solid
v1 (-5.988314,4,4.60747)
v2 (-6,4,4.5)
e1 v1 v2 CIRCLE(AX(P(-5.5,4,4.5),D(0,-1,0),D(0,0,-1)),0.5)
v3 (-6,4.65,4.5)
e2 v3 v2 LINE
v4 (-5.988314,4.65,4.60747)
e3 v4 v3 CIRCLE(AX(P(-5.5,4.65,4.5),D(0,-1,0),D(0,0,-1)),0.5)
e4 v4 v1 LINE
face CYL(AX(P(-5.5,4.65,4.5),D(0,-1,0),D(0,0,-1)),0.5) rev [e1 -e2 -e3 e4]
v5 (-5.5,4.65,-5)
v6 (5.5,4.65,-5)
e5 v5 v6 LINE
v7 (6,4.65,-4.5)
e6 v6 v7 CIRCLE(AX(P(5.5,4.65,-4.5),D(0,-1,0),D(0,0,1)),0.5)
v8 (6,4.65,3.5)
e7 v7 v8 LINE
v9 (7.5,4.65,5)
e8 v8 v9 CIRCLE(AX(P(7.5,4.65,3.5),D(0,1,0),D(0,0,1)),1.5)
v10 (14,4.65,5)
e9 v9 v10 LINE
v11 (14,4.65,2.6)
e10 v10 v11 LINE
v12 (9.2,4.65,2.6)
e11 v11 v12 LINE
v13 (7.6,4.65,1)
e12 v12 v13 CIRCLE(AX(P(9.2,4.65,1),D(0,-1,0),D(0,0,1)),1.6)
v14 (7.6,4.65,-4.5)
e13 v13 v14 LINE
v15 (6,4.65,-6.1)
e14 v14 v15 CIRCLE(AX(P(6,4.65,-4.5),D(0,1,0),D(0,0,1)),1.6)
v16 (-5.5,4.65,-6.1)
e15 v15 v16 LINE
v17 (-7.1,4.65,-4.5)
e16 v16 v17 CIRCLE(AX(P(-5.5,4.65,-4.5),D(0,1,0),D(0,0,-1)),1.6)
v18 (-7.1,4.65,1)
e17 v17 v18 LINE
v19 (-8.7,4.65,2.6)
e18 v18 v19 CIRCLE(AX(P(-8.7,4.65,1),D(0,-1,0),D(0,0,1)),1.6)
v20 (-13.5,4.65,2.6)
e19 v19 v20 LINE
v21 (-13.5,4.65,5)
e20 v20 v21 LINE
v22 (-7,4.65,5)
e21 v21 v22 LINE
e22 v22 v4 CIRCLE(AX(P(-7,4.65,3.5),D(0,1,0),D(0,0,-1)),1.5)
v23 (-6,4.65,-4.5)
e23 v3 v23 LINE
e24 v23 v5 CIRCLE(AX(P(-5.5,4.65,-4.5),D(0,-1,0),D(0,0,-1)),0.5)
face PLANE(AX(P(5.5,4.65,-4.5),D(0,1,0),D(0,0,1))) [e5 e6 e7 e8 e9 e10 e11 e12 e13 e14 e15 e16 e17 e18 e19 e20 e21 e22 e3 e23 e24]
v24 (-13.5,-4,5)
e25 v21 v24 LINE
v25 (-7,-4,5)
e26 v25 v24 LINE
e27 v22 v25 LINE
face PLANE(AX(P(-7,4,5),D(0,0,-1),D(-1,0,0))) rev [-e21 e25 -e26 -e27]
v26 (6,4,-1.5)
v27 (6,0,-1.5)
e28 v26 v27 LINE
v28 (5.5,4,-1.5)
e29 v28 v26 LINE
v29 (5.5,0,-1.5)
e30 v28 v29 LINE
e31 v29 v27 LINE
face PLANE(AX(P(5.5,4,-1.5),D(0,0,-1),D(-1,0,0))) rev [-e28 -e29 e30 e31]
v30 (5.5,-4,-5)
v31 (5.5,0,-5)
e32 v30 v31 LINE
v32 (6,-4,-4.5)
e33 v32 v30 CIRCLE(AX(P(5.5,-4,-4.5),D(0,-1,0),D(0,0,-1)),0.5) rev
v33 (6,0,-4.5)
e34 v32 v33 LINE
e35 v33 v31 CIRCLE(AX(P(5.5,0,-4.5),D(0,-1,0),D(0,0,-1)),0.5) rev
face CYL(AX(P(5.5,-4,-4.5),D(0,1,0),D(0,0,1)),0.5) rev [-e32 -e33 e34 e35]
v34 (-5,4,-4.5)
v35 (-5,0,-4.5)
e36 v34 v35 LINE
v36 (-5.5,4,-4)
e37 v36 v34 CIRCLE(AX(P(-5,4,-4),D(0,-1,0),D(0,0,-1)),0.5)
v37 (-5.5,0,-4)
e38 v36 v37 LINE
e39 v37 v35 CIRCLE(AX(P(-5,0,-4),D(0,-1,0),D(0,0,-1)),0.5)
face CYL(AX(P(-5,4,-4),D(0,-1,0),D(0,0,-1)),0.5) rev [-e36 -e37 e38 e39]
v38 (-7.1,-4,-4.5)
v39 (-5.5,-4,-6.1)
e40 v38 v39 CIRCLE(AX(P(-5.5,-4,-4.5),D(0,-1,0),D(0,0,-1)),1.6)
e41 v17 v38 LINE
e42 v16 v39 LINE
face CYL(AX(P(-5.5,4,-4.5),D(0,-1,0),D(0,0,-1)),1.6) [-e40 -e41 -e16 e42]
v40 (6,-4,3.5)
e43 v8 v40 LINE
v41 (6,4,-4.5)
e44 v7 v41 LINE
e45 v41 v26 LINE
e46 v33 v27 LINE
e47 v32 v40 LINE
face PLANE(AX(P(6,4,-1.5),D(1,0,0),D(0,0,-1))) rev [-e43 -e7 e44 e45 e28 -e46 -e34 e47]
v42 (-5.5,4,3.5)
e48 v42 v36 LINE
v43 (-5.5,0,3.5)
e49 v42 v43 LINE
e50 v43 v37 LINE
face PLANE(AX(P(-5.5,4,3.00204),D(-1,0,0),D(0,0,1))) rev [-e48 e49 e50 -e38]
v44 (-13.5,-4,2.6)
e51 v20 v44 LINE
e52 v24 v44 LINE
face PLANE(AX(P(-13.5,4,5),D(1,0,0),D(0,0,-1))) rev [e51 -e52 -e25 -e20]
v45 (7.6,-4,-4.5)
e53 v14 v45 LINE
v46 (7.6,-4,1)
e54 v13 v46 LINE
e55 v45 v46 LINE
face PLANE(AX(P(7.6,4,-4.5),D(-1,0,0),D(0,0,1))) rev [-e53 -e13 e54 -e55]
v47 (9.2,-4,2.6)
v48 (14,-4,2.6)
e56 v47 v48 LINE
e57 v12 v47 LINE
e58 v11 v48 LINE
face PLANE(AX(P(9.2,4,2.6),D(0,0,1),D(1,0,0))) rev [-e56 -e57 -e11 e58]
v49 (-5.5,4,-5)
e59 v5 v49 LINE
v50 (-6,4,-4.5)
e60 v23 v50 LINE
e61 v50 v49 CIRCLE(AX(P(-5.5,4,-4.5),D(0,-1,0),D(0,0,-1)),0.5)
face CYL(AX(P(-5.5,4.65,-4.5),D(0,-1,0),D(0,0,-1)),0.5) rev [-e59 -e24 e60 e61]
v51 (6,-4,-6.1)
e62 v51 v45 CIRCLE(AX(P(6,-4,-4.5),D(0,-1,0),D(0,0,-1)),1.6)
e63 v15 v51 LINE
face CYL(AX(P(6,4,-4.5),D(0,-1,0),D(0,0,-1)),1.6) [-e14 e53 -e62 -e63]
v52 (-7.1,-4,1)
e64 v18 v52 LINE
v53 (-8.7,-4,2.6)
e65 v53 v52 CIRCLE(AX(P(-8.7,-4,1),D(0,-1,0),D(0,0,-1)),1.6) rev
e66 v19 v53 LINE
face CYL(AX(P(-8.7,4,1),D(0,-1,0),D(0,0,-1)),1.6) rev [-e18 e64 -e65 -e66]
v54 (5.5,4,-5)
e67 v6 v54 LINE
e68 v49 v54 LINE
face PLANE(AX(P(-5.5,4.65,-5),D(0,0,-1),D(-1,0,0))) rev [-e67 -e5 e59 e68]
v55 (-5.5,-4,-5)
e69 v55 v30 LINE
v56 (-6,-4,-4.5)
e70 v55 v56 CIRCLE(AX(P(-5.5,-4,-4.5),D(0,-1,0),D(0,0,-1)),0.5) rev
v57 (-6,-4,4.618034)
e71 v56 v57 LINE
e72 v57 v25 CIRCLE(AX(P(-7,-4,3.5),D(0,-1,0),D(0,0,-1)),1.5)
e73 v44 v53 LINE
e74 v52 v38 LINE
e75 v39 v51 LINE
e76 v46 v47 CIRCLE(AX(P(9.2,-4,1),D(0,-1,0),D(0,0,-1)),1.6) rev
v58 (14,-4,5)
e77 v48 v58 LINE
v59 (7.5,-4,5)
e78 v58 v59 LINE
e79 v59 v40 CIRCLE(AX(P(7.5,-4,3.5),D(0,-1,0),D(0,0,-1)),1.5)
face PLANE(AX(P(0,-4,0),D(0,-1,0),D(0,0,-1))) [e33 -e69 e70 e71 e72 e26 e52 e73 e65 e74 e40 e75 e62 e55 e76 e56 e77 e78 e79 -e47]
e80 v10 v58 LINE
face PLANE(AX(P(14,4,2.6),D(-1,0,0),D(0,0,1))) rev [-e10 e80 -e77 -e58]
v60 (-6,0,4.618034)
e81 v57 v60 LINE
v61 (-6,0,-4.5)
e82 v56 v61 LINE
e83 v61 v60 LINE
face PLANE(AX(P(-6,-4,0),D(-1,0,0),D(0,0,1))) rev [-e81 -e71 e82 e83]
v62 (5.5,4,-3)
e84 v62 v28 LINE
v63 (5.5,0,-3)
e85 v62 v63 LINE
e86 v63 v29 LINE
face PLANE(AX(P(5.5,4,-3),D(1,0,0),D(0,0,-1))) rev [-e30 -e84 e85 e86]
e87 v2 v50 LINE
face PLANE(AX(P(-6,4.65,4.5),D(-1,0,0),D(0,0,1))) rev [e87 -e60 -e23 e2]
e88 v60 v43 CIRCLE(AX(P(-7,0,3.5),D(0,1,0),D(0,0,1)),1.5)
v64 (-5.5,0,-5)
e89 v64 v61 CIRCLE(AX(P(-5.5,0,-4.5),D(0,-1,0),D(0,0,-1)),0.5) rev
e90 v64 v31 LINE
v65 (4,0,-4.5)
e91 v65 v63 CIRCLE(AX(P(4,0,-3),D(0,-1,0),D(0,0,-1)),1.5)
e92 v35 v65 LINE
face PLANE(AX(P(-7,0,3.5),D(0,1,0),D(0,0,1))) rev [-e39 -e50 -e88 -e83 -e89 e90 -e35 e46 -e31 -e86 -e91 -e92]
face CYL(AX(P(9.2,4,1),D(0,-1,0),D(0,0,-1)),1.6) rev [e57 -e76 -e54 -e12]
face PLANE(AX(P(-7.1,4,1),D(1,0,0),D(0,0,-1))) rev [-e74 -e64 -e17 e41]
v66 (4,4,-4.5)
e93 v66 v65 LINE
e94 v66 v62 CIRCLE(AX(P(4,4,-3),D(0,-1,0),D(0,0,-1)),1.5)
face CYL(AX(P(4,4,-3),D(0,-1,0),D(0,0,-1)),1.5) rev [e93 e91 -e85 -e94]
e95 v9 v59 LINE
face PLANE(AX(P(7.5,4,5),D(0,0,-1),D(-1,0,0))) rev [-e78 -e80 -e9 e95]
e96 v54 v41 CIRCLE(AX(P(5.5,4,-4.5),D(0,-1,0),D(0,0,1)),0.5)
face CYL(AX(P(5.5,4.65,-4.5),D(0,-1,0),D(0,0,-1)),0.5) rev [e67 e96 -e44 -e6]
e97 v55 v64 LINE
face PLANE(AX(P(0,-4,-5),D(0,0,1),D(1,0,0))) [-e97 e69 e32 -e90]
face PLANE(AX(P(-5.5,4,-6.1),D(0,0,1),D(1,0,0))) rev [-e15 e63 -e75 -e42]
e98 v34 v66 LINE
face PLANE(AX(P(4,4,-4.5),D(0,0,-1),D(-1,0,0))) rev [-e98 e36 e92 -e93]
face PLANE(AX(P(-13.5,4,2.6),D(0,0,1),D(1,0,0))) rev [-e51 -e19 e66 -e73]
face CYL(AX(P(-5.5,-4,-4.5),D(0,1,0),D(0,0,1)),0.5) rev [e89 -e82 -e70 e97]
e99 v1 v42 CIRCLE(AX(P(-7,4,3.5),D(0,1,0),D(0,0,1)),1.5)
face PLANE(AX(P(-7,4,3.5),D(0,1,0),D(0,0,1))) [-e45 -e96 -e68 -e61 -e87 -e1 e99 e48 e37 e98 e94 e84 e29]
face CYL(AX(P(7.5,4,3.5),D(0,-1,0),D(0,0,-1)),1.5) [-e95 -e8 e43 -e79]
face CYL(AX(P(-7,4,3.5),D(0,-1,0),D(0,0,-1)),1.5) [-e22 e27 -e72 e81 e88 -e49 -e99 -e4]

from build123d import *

# Parameters (mm, degrees)
BOSS_EXTRUDE1_DEPTH = 4
BOSS_EXTRUDE2_DEPTH = 0.65
BOSS_EXTRUDE3_START = 4
BOSS_EXTRUDE3_DEPTH = 4


with BuildPart() as part:
    # Sketch1 → Boss-Extrude1 (new body)
    with BuildSketch(Plane(origin=(0, 0, 0), x_dir=(1, 0, 0), z_dir=(0, 1, 0))):
        with BuildLine():
            Line((-5.5, -3.002039615), (-5.5, 4))
            ThreePointArc((-5.5, 4), (-5.353553391, 4.353553391), (-5, 4.5))
            Line((-5, 4.5), (4, 4.5))
            ThreePointArc((4, 4.5), (5.060660172, 4.060660172), (5.5, 3))
            Line((5.5, 3), (5.5, 1.5))
            Line((5.5, 1.5), (6, 1.5))
            Line((6, 1.5), (6, -3.5))
            ThreePointArc((6, -3.5), (6.439339828, -4.560660172), (7.5, -5))
            Line((7.5, -5), (14, -5))
            Line((14, -5), (14, -2.6))
            Line((14, -2.6), (9.2, -2.6))
            ThreePointArc((9.2, -2.6), (8.06862915, -2.13137085), (7.6, -1))
            Line((7.6, -1), (7.6, 4.5))
            ThreePointArc((7.6, 4.5), (7.13137085, 5.63137085), (6, 6.1))
            Line((6, 6.1), (-5.5, 6.1))
            ThreePointArc((-5.5, 6.1), (-6.63137085, 5.63137085), (-7.1, 4.5))
            Line((-7.1, 4.5), (-7.1, -1))
            ThreePointArc((-7.1, -1), (-7.56862915, -2.13137085), (-8.7, -2.6))
            Line((-8.7, -2.6), (-13.5, -2.6))
            Line((-13.5, -2.6), (-13.5, -5))
            Line((-13.5, -5), (-7, -5))
            ThreePointArc((-7, -5), (-5.939339828, -4.560660172), (-5.5, -3.5))
            Line((-5.5, -3.5), (-5.5, -3.002039615))
        make_face()
    extrude(amount=BOSS_EXTRUDE1_DEPTH)

    # Sketch2 → Boss-Extrude2 (add)
    with BuildSketch(Plane(origin=(0, 4, 0), x_dir=(1, 0, 0), z_dir=(0, 1, 0))):
        with BuildLine():
            Line((-13.5, -5), (-7, -5))
            ThreePointArc((-7, -5), (-6.457416135, -4.898428671), (-5.988313555, -4.607470332))
            ThreePointArc((-5.988313555, -4.607470332), (-5.997069803, -4.554051932), (-6, -4.5))
            Line((-6, -4.5), (-6, 4.5))
            ThreePointArc((-6, 4.5), (-5.853553391, 4.853553391), (-5.5, 5))
            Line((-5.5, 5), (5.5, 5))
            ThreePointArc((5.5, 5), (5.853553391, 4.853553391), (6, 4.5))
            Line((6, 4.5), (6, -3.5))
            ThreePointArc((6, -3.5), (6.439339828, -4.560660172), (7.5, -5))
            Line((7.5, -5), (14, -5))
            Line((14, -5), (14, -2.6))
            Line((14, -2.6), (9.2, -2.6))
            ThreePointArc((9.2, -2.6), (8.06862915, -2.13137085), (7.6, -1))
            Line((7.6, -1), (7.6, 4.5))
            ThreePointArc((7.6, 4.5), (7.13137085, 5.63137085), (6, 6.1))
            Line((6, 6.1), (-5.5, 6.1))
            ThreePointArc((-5.5, 6.1), (-6.63137085, 5.63137085), (-7.1, 4.5))
            Line((-7.1, 4.5), (-7.1, -1))
            ThreePointArc((-7.1, -1), (-7.56862915, -2.13137085), (-8.7, -2.6))
            Line((-8.7, -2.6), (-13.5, -2.6))
            Line((-13.5, -2.6), (-13.5, -5))
        make_face()
    extrude(amount=BOSS_EXTRUDE2_DEPTH)

    # Sketch3 → Boss-Extrude3 (add)
    with BuildSketch(Plane.XZ.offset(BOSS_EXTRUDE3_START)):
        with BuildLine():
            Line((7.6, -4.5), (7.6, 1))
            ThreePointArc((7.6, 1), (8.06862915, 2.13137085), (9.2, 2.6))
            Line((9.2, 2.6), (14, 2.6))
            Line((14, 2.6), (14, 5))
            Line((14, 5), (7.5, 5))
            ThreePointArc((7.5, 5), (6.439339828, 4.560660172), (6, 3.5))
            Line((6, 3.5), (6, 2.6))
            Line((6, 2.6), (6, -1.5))
            Line((6, -1.5), (6, -4.5))
            ThreePointArc((6, -4.5), (5.853553391, -4.853553391), (5.5, -5))
            Line((5.5, -5), (-5.5, -5))
            ThreePointArc((-5.5, -5), (-5.853553391, -4.853553391), (-6, -4.5))
            Line((-6, -4.5), (-6, 2.6))
            Line((-6, 2.6), (-6, 4.5))
            Line((-6, 4.5), (-6, 4.618033989))
            ThreePointArc((-6, 4.618033989), (-6.464766865, 4.901258538), (-7, 5))
            Line((-7, 5), (-13.5, 5))
            Line((-13.5, 5), (-13.5, 2.6))
            Line((-13.5, 2.6), (-8.7, 2.6))
            ThreePointArc((-8.7, 2.6), (-7.56862915, 2.13137085), (-7.1, 1))
            Line((-7.1, 1), (-7.1, -4.5))
            ThreePointArc((-7.1, -4.5), (-6.63137085, -5.63137085), (-5.5, -6.1))
            Line((-5.5, -6.1), (6, -6.1))
            ThreePointArc((6, -6.1), (7.13137085, -5.63137085), (7.6, -4.5))
        make_face()
    extrude(amount=-BOSS_EXTRUDE3_DEPTH)


solid = part.part
